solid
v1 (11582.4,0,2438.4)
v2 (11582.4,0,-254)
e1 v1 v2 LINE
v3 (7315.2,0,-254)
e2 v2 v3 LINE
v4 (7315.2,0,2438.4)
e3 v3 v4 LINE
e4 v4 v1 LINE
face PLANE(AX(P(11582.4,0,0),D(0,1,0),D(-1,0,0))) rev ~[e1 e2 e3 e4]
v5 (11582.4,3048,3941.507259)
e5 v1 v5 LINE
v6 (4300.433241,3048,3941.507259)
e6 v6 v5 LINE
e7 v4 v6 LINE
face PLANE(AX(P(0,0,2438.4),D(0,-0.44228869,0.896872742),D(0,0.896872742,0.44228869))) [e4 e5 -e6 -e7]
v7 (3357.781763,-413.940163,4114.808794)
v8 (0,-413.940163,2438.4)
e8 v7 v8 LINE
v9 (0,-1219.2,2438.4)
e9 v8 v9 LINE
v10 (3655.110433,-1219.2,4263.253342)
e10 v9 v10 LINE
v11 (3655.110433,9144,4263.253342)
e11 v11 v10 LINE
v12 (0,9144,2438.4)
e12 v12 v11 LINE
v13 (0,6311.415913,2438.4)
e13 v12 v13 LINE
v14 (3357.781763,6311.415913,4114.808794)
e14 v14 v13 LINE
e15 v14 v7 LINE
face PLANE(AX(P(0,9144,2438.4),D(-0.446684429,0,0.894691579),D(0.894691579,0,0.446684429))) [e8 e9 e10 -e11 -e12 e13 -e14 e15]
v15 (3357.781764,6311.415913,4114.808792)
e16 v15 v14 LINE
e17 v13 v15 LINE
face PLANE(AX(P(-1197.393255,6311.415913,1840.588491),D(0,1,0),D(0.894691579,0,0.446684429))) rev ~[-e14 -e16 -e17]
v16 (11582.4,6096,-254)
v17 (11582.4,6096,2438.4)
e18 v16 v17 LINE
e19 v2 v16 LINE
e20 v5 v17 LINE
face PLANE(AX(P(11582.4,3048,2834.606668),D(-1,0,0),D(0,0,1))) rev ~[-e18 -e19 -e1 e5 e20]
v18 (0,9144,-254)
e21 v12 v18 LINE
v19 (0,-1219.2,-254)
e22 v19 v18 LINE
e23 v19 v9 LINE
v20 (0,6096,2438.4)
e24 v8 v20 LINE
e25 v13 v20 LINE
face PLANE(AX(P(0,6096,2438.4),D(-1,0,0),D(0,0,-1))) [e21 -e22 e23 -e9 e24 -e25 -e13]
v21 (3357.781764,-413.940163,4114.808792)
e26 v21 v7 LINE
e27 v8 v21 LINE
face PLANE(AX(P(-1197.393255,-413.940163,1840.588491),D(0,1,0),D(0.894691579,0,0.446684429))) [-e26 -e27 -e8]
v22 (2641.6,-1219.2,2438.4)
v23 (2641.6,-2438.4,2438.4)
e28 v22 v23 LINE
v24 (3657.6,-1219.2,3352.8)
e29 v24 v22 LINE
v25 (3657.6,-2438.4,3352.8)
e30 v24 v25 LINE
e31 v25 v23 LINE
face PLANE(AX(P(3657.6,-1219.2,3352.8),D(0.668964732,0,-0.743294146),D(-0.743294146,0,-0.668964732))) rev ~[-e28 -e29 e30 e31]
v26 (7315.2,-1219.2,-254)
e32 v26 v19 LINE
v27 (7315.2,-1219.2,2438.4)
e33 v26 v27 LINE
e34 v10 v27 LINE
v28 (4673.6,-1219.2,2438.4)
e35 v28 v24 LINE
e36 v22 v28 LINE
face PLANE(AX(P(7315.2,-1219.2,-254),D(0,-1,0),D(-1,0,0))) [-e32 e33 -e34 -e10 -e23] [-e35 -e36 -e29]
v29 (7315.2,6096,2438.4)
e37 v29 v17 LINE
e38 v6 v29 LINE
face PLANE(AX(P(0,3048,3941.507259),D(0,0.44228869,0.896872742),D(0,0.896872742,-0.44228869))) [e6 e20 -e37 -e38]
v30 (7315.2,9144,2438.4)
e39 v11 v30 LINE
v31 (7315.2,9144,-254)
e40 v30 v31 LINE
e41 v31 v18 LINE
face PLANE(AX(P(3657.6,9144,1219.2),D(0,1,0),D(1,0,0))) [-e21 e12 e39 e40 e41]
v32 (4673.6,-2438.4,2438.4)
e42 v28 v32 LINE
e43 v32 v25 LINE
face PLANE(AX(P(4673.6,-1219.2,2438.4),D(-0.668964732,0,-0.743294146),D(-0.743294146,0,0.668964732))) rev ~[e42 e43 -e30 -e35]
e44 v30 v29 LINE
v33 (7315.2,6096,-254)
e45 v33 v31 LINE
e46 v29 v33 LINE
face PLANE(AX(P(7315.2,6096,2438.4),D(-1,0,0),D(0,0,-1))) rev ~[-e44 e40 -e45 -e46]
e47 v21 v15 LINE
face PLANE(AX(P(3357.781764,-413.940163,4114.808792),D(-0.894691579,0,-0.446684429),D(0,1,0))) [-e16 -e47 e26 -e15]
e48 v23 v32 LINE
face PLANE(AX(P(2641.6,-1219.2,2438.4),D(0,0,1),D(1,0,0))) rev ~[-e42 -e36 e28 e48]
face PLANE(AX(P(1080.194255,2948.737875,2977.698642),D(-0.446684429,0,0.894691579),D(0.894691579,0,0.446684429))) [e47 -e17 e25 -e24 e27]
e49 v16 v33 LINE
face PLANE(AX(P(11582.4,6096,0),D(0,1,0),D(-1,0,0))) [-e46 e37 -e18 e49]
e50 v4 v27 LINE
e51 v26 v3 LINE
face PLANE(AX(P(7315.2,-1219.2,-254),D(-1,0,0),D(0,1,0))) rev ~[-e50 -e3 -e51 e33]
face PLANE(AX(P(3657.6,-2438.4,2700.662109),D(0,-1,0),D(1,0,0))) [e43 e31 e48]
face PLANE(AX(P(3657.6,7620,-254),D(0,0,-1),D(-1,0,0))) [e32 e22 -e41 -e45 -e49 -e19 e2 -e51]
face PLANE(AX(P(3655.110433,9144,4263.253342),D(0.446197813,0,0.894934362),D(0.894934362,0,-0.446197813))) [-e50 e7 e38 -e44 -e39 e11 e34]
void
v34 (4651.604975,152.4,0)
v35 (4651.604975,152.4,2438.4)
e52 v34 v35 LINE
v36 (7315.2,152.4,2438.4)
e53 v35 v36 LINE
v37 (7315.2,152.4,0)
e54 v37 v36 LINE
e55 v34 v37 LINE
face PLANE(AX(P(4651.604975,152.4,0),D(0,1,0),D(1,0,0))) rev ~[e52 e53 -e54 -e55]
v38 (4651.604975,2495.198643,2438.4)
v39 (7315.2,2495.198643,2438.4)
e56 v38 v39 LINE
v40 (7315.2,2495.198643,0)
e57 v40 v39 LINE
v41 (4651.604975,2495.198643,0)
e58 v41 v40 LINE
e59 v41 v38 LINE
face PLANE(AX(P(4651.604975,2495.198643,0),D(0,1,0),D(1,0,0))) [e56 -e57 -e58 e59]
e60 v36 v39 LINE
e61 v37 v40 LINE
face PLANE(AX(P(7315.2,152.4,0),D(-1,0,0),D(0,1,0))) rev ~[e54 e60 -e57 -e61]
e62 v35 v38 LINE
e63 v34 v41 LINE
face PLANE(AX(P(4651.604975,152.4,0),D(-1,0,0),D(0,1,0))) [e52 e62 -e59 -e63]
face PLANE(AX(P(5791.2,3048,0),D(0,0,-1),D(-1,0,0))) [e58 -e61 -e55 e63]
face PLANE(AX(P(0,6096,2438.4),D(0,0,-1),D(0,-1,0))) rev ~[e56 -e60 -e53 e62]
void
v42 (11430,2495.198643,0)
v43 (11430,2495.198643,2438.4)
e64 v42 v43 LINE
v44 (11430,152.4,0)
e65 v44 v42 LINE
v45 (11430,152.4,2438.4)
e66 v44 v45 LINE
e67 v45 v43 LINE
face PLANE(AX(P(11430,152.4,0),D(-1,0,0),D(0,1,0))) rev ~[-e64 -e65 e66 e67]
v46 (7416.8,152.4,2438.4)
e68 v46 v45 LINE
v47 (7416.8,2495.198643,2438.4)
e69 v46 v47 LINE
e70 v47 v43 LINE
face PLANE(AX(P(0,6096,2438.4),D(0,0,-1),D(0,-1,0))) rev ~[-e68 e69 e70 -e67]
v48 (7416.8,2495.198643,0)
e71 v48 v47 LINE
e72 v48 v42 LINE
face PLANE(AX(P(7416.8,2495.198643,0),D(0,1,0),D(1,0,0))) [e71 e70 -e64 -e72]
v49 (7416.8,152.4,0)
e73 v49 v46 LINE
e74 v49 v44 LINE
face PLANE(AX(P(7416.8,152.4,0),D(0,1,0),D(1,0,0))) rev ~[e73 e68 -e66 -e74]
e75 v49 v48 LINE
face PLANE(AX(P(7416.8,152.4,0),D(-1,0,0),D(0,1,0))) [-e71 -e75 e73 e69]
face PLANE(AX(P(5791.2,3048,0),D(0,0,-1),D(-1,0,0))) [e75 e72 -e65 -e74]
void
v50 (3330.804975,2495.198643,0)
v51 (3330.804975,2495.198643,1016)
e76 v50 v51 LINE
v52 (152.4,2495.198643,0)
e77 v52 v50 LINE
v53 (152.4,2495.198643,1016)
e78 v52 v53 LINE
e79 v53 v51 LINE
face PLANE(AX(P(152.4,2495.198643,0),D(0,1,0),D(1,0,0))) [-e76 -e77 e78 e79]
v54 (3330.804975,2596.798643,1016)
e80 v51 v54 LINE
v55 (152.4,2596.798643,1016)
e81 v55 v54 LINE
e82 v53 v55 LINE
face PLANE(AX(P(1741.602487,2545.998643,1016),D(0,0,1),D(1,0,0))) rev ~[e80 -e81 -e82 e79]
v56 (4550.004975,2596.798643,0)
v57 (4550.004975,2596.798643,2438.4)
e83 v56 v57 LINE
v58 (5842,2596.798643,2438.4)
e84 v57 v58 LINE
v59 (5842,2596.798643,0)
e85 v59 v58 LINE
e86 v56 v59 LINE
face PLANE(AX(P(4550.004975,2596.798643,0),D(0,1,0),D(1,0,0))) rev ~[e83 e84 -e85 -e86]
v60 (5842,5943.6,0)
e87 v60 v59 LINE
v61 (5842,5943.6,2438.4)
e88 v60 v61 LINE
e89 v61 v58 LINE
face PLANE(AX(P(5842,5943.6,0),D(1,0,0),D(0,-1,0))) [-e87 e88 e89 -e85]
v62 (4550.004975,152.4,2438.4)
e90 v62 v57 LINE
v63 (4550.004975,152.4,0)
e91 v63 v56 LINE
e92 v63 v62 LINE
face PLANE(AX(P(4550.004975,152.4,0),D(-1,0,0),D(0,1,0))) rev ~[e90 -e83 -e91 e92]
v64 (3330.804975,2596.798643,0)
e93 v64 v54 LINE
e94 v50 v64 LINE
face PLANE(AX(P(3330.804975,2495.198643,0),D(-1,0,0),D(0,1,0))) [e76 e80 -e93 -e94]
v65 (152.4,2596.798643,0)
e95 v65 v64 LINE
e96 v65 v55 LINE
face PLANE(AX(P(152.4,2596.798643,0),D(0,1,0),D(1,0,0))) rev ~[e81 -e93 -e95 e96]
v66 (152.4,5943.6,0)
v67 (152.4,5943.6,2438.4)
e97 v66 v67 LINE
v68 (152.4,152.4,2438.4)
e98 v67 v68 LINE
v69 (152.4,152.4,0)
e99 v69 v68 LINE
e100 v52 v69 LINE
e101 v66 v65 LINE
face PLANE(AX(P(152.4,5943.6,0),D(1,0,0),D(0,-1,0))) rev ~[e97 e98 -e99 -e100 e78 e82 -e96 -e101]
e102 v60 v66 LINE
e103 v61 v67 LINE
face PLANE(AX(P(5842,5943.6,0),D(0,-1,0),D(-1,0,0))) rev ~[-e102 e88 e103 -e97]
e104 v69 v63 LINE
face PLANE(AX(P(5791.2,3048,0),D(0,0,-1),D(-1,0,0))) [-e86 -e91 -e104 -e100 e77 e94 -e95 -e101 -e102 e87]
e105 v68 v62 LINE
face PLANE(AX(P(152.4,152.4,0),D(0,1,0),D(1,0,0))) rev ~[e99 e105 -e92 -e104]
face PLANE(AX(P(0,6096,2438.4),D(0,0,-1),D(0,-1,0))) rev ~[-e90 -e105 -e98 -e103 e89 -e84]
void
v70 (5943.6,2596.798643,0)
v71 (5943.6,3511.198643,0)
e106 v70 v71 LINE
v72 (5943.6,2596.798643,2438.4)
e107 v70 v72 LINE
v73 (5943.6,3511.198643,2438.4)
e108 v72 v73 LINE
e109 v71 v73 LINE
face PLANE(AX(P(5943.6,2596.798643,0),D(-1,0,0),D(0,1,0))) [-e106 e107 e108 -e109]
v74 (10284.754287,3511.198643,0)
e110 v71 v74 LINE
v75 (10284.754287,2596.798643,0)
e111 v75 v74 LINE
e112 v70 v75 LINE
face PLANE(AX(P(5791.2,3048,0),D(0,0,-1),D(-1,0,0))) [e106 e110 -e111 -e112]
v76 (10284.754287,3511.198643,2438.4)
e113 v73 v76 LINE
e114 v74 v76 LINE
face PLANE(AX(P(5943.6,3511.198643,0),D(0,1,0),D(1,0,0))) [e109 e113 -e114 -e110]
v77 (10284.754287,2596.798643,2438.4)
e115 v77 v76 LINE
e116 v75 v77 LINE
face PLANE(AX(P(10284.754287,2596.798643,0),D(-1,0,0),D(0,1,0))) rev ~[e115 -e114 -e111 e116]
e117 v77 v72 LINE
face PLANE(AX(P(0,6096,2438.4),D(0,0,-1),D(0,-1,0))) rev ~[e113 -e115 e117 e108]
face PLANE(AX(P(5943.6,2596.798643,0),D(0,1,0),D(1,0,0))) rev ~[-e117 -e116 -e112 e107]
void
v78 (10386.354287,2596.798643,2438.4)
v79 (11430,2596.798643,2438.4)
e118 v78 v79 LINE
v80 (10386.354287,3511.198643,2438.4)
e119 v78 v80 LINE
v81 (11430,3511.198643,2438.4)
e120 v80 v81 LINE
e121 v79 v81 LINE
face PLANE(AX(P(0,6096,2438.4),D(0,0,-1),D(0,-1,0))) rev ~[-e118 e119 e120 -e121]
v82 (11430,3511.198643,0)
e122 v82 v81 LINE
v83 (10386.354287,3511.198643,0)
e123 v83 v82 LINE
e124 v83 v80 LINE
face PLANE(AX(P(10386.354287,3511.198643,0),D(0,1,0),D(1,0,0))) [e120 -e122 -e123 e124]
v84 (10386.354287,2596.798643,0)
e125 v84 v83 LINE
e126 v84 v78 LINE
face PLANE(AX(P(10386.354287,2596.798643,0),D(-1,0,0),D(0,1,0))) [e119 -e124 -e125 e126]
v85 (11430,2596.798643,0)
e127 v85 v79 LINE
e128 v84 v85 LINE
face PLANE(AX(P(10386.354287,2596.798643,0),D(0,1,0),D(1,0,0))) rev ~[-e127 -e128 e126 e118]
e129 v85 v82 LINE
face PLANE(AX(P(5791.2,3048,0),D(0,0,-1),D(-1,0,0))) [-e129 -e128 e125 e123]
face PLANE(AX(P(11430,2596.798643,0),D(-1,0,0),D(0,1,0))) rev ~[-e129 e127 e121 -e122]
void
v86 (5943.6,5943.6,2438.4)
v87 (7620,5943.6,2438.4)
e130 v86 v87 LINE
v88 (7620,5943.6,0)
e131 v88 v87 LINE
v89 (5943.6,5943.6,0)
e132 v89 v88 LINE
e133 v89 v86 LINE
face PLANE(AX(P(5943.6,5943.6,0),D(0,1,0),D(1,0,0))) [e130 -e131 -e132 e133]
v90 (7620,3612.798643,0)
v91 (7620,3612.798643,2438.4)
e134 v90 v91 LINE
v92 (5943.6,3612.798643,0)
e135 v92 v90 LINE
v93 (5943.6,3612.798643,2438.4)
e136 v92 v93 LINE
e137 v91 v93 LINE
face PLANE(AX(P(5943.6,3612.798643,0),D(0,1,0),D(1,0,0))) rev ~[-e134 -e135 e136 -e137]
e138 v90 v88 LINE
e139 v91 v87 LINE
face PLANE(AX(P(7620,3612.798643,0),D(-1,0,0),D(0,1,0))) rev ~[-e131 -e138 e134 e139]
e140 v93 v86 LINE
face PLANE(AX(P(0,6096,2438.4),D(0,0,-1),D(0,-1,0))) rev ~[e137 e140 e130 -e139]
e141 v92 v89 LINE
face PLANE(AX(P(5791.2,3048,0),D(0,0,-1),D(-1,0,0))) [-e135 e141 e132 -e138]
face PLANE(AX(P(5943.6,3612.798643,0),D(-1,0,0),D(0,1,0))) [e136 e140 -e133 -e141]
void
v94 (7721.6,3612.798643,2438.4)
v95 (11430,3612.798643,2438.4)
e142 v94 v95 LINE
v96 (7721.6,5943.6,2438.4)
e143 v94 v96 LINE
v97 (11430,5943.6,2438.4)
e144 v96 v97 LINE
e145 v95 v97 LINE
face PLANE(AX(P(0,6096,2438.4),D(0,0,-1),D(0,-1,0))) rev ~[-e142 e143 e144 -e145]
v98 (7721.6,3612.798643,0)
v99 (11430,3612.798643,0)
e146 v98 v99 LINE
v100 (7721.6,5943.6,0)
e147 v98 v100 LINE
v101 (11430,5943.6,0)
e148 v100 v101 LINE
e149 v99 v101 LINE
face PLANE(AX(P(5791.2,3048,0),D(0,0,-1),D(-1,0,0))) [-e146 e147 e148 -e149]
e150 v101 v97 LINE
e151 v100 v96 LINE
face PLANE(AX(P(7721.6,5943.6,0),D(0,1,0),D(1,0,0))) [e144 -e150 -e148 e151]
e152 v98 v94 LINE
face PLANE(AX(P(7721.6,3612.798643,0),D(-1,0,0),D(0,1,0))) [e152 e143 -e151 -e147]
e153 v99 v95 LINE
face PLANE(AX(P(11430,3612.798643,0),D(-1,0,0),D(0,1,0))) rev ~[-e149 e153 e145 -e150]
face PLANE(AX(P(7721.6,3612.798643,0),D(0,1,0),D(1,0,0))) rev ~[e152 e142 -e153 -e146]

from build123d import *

# Parameters (mm, degrees)
SKETCH3_W            = 11582.4
SKETCH3_H            = 6096
SKETCH3_W_2          = 4341.154286856
SKETCH3_H_2          = 914.4
SKETCH3_W_3          = 1676.4
SKETCH3_H_3          = 2330.801356814
SKETCH3_W_4          = 2663.595025017
SKETCH3_H_4          = 2342.798643186
SKETCH3_W_5          = 1043.645713144
SKETCH3_W_6          = 4013.2
SKETCH3_W_7          = 3708.4
BOSS_EXTRUDE1_DEPTH  = 2438.4
SKETCH4_W            = 11582.4
SKETCH4_H            = 6096
BOSS_EXTRUDE2_DEPTH  = 254
SKETCH5_W            = 3178.404974983
SKETCH5_H            = 101.6
BOSS_EXTRUDE3_DEPTH  = 1016
BOSS_EXTRUDE4_DEPTH  = 11582.4
SKETCH8_W            = 7315.2
SKETCH8_H            = 3048
BOSS_EXTRUDE6_DEPTH  = 254
BOSS_EXTRUDE7_DEPTH  = 10363.2
SKETCH12_W           = 7315.2
SKETCH12_H           = 1219.2
BOSS_EXTRUDE8_DEPTH  = 2692.4
BOSS_EXTRUDE9_DEPTH  = 1219.2
SKETCH18_W           = 5091.335525139
SKETCH18_H           = 6725.356075379
CUT_EXTRUDE5_DEPTH   = 7574.28
SKETCH20_W           = 7315.2
SKETCH20_H           = 2438.4
BOSS_EXTRUDE10_DEPTH = 3048


with BuildPart() as part:
    # Sketch3 → Boss-Extrude1 (new body)
    with BuildSketch(Plane.XY):
        with Locations((5791.2, 3048)):
            Rectangle(SKETCH3_W, SKETCH3_H)
        Polygon((152.4, 152.4), (4550.004974983, 152.4), (4550.004974983, 2596.798643186), (5842, 2596.798643186), (5842, 3511.198643186), (5842, 5943.6), (152.4, 5943.6), align=None, mode=Mode.SUBTRACT)
        with Locations((8114.177143428, 3053.998643186)):
            Rectangle(SKETCH3_W_2, SKETCH3_H_2, mode=Mode.SUBTRACT)
        with Locations((6781.8, 4778.199321593)):
            Rectangle(SKETCH3_W_3, SKETCH3_H_3, mode=Mode.SUBTRACT)
        with Locations((5983.402487492, 1323.799321593)):
            Rectangle(SKETCH3_W_4, SKETCH3_H_4, mode=Mode.SUBTRACT)
        with Locations((10908.177143428, 3053.998643186)):
            Rectangle(SKETCH3_W_5, SKETCH3_H_2, mode=Mode.SUBTRACT)
        with Locations((9423.4, 1323.799321593)):
            Rectangle(SKETCH3_W_6, SKETCH3_H_4, mode=Mode.SUBTRACT)
        with Locations((9575.8, 4778.199321593)):
            Rectangle(SKETCH3_W_7, SKETCH3_H_3, mode=Mode.SUBTRACT)
    extrude(amount=BOSS_EXTRUDE1_DEPTH)

    # Sketch4 → Boss-Extrude2 (add)
    with BuildSketch(Plane(origin=(0, 0, 0), x_dir=(-1, 0, 0), z_dir=(0, 0, -1))):
        with Locations((-5791.2, 3048)):
            Rectangle(SKETCH4_W, SKETCH4_H)
    extrude(amount=BOSS_EXTRUDE2_DEPTH)

    # Sketch5 → Boss-Extrude3 (add)
    with BuildSketch(Plane.XY):
        with Locations((1741.602487492, 2545.998643186)):
            Rectangle(SKETCH5_W, SKETCH5_H)
    extrude(amount=BOSS_EXTRUDE3_DEPTH)

    # Sketch6 → Boss-Extrude4 (add)
    with BuildSketch(Plane.ZY):
        Polygon((2438.4, 6096), (2438.4, 0), (3941.507258543, 3048), align=None)
    extrude(amount=-BOSS_EXTRUDE4_DEPTH)

    # Sketch10 → Boss-Extrude7 (add)
    with BuildSketch(Plane(origin=(0, 9144, 0), x_dir=(1, 0, 0), z_dir=(0, 1, 0))):
        Polygon((7315.2, -2438.4), (0, -2438.4), (3655.110432816, -4263.253342026), align=None)
    extrude(amount=-BOSS_EXTRUDE7_DEPTH)

    # Sketch12 → Boss-Extrude8 (add)
    with BuildSketch(Plane(origin=(0, 0, -254), x_dir=(-1, 0, 0), z_dir=(0, 0, -1))):
        with Locations((-3657.6, -609.6)):
            Rectangle(SKETCH12_W, SKETCH12_H)
    extrude(amount=-BOSS_EXTRUDE8_DEPTH)

    # Sketch15 → Boss-Extrude9 (add)
    with BuildSketch(Plane.XZ.offset(1219.2)):
        Polygon((2641.6, 2438.4), (4673.6, 2438.4), (3657.6, 3352.8), align=None)
    extrude(amount=BOSS_EXTRUDE9_DEPTH)

    # Sketch18 → Cut-Extrude5 (cut)
    with BuildSketch(Plane(origin=(-974.493873117, 0, 1951.873413778), x_dir=(0.894691579, 0, 0.446684429), z_dir=(-0.446684429, 0, 0.894691579))):
        with Locations((2296.53232092, 2948.73787515)):
            Rectangle(SKETCH18_W, SKETCH18_H)
    extrude(amount=CUT_EXTRUDE5_DEPTH, mode=Mode.SUBTRACT)



with BuildPart() as body_2:
    # Sketch8 → Boss-Extrude6 (new body)
    with BuildSketch(Plane(origin=(0, 0, -254), x_dir=(-1, 0, 0), z_dir=(0, 0, -1))):
        with Locations((-3657.6, 7620)):
            Rectangle(SKETCH8_W, SKETCH8_H)
    extrude(amount=-BOSS_EXTRUDE6_DEPTH)


with BuildPart() as part_1:
    add(part.part)

    add(body_2.part)  # Boss-Extrude10 merges body 2
    # Sketch20 → Boss-Extrude10 (add)
    with BuildSketch(Plane(origin=(0, 6096, 0), x_dir=(1, 0, 0), z_dir=(0, 1, 0))):
        with Locations((3657.6, -1219.2)):
            Rectangle(SKETCH20_W, SKETCH20_H)
    extrude(amount=BOSS_EXTRUDE10_DEPTH)


solid = part_1.part
